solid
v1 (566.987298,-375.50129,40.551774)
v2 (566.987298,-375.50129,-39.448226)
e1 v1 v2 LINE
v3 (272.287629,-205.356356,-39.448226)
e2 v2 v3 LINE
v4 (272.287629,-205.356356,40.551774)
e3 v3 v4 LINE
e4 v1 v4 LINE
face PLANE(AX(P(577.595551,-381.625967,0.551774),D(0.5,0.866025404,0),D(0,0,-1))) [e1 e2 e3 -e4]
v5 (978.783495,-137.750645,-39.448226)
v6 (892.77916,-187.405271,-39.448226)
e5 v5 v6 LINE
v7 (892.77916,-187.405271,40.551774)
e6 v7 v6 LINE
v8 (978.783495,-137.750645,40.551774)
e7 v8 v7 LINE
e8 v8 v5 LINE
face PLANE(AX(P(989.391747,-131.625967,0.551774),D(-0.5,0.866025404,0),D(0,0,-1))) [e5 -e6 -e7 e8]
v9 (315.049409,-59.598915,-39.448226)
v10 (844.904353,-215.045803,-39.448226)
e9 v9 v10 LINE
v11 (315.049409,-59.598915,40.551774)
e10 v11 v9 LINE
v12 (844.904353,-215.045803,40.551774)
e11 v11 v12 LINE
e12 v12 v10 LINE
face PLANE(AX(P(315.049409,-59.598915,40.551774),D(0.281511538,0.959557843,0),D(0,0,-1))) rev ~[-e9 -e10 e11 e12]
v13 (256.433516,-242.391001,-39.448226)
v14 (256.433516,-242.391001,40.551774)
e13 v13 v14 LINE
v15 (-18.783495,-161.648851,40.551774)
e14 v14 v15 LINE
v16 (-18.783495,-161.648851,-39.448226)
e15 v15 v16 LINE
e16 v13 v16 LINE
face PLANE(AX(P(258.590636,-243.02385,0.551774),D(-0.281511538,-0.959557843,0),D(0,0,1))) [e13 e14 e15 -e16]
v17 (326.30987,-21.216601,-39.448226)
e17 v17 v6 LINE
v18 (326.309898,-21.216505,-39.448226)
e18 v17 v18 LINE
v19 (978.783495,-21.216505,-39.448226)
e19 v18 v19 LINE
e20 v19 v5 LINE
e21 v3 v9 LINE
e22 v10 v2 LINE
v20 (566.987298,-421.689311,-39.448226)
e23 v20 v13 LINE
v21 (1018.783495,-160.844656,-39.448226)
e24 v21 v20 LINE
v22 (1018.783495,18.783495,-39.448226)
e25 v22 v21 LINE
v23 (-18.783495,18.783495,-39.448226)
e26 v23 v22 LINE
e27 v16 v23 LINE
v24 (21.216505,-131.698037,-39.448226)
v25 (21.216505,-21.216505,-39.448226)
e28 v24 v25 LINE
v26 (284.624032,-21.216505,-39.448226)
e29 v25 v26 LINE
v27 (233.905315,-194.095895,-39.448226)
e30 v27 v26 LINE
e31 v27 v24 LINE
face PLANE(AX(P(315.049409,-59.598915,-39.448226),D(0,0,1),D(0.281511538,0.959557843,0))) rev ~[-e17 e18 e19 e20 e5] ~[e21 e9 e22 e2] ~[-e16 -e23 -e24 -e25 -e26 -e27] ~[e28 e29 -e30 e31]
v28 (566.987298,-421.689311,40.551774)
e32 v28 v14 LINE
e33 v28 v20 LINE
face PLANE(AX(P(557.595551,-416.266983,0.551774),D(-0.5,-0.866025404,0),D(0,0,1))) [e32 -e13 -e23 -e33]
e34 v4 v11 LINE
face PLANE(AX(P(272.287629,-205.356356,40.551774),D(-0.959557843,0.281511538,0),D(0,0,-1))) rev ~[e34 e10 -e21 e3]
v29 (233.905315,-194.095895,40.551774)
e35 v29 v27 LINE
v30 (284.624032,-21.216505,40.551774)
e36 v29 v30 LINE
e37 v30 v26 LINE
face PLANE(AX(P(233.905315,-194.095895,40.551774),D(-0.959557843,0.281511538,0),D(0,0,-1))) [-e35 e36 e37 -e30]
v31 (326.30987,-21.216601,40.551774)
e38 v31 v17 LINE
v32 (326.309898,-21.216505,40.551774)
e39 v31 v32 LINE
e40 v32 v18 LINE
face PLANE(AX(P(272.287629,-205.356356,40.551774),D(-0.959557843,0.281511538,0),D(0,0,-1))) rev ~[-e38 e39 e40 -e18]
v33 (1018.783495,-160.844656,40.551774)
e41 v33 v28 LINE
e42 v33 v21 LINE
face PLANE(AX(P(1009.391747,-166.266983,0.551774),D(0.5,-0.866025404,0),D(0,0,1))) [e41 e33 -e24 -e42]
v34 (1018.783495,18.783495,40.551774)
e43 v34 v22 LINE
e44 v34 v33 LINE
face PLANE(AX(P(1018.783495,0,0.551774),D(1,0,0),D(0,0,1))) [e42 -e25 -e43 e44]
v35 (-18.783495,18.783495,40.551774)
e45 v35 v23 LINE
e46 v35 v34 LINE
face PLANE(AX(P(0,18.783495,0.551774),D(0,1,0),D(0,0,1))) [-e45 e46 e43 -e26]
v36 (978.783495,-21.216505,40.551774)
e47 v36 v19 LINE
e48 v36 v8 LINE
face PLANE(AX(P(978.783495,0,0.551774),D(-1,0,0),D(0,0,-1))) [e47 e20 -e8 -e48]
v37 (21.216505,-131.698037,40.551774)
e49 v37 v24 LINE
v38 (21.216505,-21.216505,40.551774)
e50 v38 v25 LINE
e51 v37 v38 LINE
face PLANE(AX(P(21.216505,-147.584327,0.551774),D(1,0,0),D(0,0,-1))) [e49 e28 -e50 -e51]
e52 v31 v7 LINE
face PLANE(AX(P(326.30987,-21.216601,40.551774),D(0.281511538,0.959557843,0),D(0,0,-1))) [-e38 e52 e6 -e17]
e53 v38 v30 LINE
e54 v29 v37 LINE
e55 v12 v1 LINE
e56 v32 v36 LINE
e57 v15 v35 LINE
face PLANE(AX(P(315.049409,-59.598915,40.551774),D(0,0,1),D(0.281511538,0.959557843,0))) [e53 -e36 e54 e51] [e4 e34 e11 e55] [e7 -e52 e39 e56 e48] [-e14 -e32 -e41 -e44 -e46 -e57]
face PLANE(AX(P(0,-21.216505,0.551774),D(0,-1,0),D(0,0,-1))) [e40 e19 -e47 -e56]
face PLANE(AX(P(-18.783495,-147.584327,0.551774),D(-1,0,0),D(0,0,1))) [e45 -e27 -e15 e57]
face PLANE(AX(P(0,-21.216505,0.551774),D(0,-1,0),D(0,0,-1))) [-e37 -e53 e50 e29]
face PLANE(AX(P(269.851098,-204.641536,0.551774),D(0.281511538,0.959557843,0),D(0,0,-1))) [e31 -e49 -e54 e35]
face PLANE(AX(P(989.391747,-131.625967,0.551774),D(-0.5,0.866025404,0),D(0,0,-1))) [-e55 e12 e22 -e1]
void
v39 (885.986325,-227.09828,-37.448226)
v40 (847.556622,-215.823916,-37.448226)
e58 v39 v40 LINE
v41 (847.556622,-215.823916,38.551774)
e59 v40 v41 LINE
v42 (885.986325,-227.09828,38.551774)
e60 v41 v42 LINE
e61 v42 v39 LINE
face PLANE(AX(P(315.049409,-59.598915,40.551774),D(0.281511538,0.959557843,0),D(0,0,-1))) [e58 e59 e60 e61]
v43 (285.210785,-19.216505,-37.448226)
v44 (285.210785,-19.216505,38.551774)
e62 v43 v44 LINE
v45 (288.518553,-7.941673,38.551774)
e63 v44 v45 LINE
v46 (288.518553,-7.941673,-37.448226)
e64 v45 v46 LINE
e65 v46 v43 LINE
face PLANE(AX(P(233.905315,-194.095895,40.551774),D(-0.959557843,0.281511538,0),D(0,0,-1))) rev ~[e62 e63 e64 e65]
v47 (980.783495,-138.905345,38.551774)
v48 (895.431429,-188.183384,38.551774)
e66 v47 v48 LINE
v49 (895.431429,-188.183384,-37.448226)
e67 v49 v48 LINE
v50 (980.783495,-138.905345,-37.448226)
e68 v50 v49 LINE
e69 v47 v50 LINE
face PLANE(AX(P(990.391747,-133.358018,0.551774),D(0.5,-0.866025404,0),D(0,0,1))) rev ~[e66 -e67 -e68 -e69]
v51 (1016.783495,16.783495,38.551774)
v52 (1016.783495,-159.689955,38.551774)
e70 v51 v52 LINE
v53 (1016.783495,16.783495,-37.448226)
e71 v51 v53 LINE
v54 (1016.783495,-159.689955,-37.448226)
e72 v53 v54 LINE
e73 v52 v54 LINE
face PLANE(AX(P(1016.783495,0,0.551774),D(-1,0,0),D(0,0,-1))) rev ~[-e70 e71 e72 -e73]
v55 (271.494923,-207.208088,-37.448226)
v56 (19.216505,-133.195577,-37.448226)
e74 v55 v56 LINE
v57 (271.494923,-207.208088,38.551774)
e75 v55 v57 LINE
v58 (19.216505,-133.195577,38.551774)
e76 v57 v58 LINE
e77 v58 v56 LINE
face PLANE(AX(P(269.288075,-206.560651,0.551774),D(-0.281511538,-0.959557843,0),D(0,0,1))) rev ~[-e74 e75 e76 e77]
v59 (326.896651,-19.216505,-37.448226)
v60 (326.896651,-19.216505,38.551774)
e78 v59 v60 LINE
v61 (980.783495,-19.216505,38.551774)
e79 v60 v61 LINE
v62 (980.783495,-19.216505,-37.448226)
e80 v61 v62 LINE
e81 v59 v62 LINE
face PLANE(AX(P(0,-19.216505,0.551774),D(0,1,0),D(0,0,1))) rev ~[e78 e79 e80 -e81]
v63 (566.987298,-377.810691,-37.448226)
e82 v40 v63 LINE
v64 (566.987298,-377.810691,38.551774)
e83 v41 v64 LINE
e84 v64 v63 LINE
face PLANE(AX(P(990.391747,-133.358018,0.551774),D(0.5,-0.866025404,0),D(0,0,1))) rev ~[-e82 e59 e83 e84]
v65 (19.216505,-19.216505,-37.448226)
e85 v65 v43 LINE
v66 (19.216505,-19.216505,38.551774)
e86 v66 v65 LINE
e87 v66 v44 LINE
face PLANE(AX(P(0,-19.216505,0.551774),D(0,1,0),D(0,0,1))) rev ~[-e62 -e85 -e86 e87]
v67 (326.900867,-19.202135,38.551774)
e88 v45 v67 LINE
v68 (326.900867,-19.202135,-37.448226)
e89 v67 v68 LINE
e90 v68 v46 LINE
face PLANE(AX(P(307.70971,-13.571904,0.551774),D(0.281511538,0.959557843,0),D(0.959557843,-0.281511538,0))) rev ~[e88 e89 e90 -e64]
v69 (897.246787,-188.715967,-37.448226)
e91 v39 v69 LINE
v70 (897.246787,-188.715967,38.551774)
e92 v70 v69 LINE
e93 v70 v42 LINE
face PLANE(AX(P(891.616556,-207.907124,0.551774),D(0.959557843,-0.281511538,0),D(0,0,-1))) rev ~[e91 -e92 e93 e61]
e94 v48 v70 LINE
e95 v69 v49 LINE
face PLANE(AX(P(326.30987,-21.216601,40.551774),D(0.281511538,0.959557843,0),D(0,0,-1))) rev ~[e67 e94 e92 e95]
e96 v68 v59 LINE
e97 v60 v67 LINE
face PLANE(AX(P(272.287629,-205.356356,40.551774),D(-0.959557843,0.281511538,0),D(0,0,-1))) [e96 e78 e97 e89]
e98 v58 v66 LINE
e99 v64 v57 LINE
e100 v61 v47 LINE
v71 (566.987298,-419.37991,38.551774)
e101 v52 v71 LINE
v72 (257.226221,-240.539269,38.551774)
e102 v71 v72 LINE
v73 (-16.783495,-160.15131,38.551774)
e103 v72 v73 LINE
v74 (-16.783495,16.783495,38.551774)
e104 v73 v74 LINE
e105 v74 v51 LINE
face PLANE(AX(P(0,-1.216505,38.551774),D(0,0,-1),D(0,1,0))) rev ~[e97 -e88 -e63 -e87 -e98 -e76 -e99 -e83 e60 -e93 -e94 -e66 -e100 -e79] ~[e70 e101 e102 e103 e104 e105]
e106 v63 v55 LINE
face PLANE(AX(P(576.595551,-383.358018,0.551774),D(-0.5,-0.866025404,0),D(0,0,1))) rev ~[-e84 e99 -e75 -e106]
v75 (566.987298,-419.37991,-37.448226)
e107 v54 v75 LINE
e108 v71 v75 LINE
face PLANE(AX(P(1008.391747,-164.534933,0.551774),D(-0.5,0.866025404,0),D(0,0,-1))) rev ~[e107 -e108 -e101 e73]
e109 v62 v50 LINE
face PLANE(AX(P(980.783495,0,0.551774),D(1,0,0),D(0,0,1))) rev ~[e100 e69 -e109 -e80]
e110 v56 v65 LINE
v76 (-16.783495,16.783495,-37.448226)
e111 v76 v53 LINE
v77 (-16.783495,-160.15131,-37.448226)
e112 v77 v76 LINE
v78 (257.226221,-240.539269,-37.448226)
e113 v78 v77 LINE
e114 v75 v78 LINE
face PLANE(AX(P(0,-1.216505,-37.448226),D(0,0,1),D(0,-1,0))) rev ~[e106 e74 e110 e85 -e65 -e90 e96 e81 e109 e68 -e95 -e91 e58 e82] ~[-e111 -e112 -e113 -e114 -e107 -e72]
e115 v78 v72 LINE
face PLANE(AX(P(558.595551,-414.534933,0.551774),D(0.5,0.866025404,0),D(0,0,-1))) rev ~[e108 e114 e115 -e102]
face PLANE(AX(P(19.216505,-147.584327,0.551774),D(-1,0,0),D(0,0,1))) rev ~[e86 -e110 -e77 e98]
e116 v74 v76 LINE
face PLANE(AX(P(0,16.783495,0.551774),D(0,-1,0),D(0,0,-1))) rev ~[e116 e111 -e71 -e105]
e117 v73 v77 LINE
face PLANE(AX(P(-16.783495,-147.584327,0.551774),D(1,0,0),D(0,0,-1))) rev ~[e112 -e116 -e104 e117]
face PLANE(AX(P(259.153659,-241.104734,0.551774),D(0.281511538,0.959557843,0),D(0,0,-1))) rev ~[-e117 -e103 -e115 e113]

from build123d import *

# Parameters (mm, degrees)
SKETCH_6_W      = 80
SKETCH_6_H      = 40
SKETCH_6_W_2    = 76
SKETCH_6_H_2    = 36
SKETCH_14_W     = 40
SKETCH_14_H     = 80
EXTRUDE_1_DEPTH = 194
SKETCH_15_W     = 80
SKETCH_15_H     = 40
EXTRUDE_2_DEPTH = 595


with BuildPart() as part:
    # По траектории13: sweep along a curve in space
    with BuildLine() as sweep_13_path:
        Line((0, 0, 0), (1000, 0, 0))
        Line((1000, 0, 0), (1000, -150, 0))
        Line((1000, -150, 0), (566.987298108, -400, 0))
        Line((566.987298108, -400, 0), (263.878406783, -225, 0))
        Line((263.878406783, -225, 0), (0, -147.584326952, 0))
        Line((0, -147.584326952, 0), (0, 0, 0))
    # Эскиз6 → По траектории13 (sweep)
    with BuildSketch(Plane(origin=(0, 0, 0), x_dir=(0, 0, -1), z_dir=(1, 0, 0))):
        with Locations((-0.551773823, -1.216505436)):
            Rectangle(SKETCH_6_W, SKETCH_6_H)
        with Locations((-0.551773823, -1.216505436)):
            Rectangle(SKETCH_6_W_2, SKETCH_6_H_2, mode=Mode.SUBTRACT)
    sweep(path=sweep_13_path.line, transition=Transition.RIGHT)

    # Эскиз14 → Бобышка-Вытянуть1 (add)
    with BuildSketch(Plane(origin=(-33.89376203, -115.529989888, 0), x_dir=(0.9595578428480989, -0.2815115383580276, 0), z_dir=(0.2815115383580276, 0.9595578428480989, 0))):
        with Locations((299.085913187, -0.551773823)):
            Rectangle(SKETCH_14_W, SKETCH_14_H)
    extrude(amount=EXTRUDE_1_DEPTH)

    # Эскиз15 → Бобышка-Вытянуть2 (add)
    with BuildSketch(Plane(origin=(306.181390541, -89.82636629, 0), x_dir=(0, 0, -1), z_dir=(0.9595578428480989, -0.28151153835802767, 0))):
        with Locations((-0.551773823, 51.50143726)):
            Rectangle(SKETCH_15_W, SKETCH_15_H)
    extrude(amount=EXTRUDE_2_DEPTH)


solid = part.part
